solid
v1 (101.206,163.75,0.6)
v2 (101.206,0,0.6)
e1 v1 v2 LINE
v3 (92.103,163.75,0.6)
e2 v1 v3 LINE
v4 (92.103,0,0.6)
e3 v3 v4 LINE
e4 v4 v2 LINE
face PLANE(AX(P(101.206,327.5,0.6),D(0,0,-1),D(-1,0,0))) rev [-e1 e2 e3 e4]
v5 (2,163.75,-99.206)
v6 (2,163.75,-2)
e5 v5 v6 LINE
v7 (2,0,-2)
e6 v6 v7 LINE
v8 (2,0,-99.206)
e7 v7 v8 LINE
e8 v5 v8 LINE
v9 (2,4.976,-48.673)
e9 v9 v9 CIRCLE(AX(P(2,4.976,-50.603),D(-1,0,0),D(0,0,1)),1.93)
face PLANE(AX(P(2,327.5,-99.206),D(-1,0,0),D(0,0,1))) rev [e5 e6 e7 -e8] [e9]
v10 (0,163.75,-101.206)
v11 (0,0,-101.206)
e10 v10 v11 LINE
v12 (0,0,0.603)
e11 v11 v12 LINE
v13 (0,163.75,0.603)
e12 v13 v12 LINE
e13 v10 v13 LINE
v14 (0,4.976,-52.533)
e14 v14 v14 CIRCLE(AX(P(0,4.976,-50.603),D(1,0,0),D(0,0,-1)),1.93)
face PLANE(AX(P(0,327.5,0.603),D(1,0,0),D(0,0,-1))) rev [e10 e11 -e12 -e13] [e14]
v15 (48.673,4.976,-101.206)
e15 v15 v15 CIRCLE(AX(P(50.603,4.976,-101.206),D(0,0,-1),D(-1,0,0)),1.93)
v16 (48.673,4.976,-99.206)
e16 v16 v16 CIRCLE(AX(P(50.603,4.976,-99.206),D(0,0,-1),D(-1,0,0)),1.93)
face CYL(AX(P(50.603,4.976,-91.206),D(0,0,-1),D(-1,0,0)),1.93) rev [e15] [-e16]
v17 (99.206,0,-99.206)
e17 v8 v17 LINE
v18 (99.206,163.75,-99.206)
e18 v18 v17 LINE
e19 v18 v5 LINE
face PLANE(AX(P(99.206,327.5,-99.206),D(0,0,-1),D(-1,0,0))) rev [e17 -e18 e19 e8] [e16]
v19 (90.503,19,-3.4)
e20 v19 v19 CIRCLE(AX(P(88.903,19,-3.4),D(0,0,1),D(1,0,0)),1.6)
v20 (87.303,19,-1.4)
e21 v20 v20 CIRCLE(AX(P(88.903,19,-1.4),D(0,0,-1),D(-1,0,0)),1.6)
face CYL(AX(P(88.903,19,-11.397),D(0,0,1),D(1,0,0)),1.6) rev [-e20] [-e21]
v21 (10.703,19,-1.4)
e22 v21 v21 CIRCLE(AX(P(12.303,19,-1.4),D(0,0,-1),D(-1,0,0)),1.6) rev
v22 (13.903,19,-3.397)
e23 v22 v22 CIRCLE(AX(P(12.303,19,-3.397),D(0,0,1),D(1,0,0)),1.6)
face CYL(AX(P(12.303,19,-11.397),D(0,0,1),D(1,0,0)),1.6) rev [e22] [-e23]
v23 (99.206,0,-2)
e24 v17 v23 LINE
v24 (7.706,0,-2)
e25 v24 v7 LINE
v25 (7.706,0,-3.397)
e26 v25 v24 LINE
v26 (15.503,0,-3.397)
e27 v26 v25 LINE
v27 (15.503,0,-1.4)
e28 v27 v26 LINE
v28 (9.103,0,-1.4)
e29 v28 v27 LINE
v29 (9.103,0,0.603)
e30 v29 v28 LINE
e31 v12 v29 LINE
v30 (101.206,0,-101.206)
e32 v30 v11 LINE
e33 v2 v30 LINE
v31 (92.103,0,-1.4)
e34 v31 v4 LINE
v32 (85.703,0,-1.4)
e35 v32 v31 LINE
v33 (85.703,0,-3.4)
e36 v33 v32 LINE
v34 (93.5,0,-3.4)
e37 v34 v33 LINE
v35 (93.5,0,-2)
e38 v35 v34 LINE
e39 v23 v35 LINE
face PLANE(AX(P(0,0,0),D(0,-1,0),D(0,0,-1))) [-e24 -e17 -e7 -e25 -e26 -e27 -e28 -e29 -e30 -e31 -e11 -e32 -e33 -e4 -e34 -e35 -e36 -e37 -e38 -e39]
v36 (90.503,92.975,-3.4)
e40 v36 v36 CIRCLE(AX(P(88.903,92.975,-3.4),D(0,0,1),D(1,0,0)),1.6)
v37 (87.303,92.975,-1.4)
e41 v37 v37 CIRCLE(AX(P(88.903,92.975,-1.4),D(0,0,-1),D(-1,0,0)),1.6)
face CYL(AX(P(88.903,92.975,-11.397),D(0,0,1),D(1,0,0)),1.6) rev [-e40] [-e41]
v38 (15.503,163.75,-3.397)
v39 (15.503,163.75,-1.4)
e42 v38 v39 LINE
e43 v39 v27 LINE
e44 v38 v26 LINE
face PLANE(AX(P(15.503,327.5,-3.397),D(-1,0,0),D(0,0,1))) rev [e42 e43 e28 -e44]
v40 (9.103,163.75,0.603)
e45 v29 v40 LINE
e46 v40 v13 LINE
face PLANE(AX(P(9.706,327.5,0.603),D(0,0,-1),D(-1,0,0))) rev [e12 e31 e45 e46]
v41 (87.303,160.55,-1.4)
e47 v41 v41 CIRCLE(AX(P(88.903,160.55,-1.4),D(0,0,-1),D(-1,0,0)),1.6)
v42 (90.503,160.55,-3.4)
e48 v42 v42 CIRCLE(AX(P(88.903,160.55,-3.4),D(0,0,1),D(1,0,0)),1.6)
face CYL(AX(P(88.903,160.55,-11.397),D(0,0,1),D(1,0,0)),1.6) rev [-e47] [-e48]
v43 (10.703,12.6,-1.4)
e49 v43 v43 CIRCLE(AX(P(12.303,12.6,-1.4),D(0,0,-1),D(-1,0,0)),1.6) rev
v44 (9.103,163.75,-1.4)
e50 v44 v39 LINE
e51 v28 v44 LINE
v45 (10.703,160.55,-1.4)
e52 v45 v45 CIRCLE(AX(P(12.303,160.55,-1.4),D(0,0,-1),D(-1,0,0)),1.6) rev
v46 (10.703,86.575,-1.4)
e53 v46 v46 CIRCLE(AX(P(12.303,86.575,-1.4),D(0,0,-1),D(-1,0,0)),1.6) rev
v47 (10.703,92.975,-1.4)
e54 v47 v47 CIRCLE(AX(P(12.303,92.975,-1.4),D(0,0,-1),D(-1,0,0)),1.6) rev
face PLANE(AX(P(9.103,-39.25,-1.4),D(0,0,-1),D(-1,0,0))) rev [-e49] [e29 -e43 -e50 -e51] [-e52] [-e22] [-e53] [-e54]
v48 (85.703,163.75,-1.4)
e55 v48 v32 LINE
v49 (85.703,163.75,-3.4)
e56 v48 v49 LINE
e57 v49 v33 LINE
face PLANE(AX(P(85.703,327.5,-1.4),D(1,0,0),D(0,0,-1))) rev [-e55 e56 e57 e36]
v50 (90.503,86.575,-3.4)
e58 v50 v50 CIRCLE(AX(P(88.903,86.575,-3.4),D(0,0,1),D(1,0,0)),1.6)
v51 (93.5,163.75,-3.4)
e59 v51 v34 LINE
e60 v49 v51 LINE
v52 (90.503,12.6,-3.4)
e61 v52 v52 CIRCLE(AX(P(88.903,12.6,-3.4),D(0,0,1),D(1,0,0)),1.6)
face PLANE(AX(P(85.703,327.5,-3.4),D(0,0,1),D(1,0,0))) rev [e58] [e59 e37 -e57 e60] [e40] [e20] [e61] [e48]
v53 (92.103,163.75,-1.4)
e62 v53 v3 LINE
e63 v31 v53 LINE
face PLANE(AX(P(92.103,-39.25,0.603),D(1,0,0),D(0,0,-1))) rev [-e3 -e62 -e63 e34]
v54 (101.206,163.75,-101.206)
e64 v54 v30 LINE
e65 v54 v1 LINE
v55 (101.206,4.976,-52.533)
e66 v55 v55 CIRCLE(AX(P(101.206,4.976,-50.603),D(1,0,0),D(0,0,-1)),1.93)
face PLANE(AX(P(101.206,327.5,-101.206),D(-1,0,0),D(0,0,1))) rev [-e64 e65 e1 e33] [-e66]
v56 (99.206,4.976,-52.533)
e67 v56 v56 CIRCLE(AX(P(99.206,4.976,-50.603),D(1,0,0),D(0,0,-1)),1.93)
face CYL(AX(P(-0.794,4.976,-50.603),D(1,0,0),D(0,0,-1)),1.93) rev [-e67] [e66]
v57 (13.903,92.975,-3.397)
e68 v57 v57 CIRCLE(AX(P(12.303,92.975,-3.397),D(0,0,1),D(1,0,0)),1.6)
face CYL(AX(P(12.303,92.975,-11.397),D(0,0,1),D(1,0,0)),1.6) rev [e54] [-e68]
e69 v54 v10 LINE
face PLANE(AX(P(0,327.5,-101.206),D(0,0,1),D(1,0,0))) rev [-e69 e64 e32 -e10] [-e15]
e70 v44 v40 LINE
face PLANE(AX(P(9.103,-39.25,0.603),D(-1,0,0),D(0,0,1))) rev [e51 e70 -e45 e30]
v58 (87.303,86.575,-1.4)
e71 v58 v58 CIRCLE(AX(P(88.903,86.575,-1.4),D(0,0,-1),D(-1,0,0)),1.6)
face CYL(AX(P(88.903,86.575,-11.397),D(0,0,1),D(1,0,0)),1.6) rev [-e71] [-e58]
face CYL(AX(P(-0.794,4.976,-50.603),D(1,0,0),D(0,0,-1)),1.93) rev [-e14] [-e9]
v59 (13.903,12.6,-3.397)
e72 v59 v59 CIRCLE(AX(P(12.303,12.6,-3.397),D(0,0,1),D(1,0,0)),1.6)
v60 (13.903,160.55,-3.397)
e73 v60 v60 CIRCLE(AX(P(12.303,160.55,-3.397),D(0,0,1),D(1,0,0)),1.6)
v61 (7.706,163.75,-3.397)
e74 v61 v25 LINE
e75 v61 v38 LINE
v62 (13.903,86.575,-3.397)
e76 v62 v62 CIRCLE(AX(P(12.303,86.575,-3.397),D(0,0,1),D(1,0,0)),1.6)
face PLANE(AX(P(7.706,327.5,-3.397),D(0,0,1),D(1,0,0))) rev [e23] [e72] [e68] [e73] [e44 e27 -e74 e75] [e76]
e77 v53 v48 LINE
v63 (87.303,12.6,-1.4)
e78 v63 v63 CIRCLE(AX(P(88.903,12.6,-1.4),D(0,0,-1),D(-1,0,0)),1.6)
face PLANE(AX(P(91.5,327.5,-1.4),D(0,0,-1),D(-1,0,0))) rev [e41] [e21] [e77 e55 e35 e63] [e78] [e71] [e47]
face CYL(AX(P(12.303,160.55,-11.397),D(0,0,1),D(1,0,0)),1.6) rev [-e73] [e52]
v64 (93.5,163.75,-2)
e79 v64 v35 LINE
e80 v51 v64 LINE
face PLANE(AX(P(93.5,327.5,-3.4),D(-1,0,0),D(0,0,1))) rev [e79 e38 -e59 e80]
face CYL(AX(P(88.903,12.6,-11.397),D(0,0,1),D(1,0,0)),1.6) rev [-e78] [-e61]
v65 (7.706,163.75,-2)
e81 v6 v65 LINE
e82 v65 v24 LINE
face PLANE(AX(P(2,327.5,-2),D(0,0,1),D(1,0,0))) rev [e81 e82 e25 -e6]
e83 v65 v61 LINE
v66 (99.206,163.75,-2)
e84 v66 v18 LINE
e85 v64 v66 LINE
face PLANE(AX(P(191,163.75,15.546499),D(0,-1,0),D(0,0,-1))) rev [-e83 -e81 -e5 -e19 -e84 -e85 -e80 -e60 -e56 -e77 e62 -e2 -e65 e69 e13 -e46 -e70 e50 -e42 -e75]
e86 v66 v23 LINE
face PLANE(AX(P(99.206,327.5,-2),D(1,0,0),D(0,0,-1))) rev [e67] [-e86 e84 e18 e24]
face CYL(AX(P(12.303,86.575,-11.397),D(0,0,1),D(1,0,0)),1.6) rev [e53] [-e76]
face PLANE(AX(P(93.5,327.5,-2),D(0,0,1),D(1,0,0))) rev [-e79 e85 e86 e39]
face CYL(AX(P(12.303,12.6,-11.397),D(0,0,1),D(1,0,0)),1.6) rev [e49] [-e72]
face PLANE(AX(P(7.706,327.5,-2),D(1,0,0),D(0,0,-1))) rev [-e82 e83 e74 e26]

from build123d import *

# Parameters (mm, degrees)
BOSS_EXTRUDE1_DEPTH = 327.5
SKETCH2_R           = 1.6
CUT_EXTRUDE2_DEPTH  = 10
SKETCH3_R           = 1.93
CUT_EXTRUDE3_DEPTH  = 102
SKETCH4_R           = 1.93
CUT_EXTRUDE4_DEPTH  = 10
SKETCH5_W           = 116.752499477
SKETCH5_H           = 165.661363519
CUT_EXTRUDE5_DEPTH  = 191
SKETCH6_W           = 83
SKETCH6_H           = 2.003
CUT_EXTRUDE6_DEPTH  = 203


with BuildPart() as part:
    # Sketch1 → Boss-Extrude1 (new body)
    with BuildSketch(Plane(origin=(0, 0, 0), x_dir=(1, 0, 0), z_dir=(0, 1, 0))):
        Polygon((0, -0.603), (0, 101.206), (101.206, 101.206), (101.206, -0.6), (91.5, -0.6), (91.5, 1.4), (85.703, 1.4), (85.703, 3.4), (93.5, 3.4), (93.5, 2), (99.206, 2), (99.206, 99.206), (2, 99.206), (2, 2), (7.706, 2), (7.706, 3.397), (15.503, 3.397), (15.503, 1.397), (9.706, 1.397), (9.706, -0.603), align=None)
    extrude(amount=BOSS_EXTRUDE1_DEPTH)

    # Sketch2 → Cut-Extrude2 (cut)
    with BuildSketch(Plane.XY.offset(-1.397)):
        with Locations((12.303, 314.9)):
            Circle(SKETCH2_R)
        with Locations((12.303, 308.5)):
            Circle(SKETCH2_R)
        with Locations((88.903, 314.9)):
            Circle(SKETCH2_R)
        with Locations((88.903, 308.5)):
            Circle(SKETCH2_R)
        with Locations((12.303, 240.925)):
            Circle(SKETCH2_R)
        with Locations((12.303, 234.525)):
            Circle(SKETCH2_R)
        with Locations((88.903, 240.925)):
            Circle(SKETCH2_R)
        with Locations((88.903, 234.525)):
            Circle(SKETCH2_R)
        with Locations((12.303, 166.95)):
            Circle(SKETCH2_R)
        with Locations((12.303, 160.55)):
            Circle(SKETCH2_R)
        with Locations((88.903, 166.95)):
            Circle(SKETCH2_R)
        with Locations((88.903, 160.55)):
            Circle(SKETCH2_R)
        with Locations((12.303, 92.975)):
            Circle(SKETCH2_R)
        with Locations((12.303, 86.575)):
            Circle(SKETCH2_R)
        with Locations((88.903, 92.975)):
            Circle(SKETCH2_R)
        with Locations((88.903, 86.575)):
            Circle(SKETCH2_R)
        with Locations((12.303, 19)):
            Circle(SKETCH2_R)
        with Locations((12.303, 12.6)):
            Circle(SKETCH2_R)
        with Locations((88.903, 19)):
            Circle(SKETCH2_R)
        with Locations((88.903, 12.6)):
            Circle(SKETCH2_R)
    extrude(amount=-CUT_EXTRUDE2_DEPTH, mode=Mode.SUBTRACT)

    # Sketch3 → Cut-Extrude3 (cut)
    with BuildSketch(Plane(origin=(101.206, 0, 0), x_dir=(0, 0, -1), z_dir=(1, 0, 0))):
        with Locations((50.603, 322.524)):
            Circle(SKETCH3_R)
        with Locations((50.603, 4.976)):
            Circle(SKETCH3_R)
    extrude(amount=-CUT_EXTRUDE3_DEPTH, mode=Mode.SUBTRACT)

    # Sketch4 → Cut-Extrude4 (cut)
    with BuildSketch(Plane(origin=(0, 0, -101.206), x_dir=(-1, 0, 0), z_dir=(0, 0, -1))):
        with Locations((-50.603, 322.524)):
            Circle(SKETCH4_R)
        with Locations((-50.603, 4.976)):
            Circle(SKETCH4_R)
    extrude(amount=-CUT_EXTRUDE4_DEPTH, mode=Mode.SUBTRACT)

    # Sketch5 → Cut-Extrude5 (cut)
    with BuildSketch(Plane.ZY):
        with Locations((-42.829750262, 246.58068176)):
            Rectangle(SKETCH5_W, SKETCH5_H)
    extrude(amount=-CUT_EXTRUDE5_DEPTH, mode=Mode.SUBTRACT)

    # Sketch6 → Cut-Extrude6 (cut)
    with BuildSketch(Plane(origin=(0, 163.75, 0), x_dir=(1, 0, 0), z_dir=(0, 1, 0))):
        with Locations((50.603, 0.3985)):
            Rectangle(SKETCH6_W, SKETCH6_H)
    extrude(amount=-CUT_EXTRUDE6_DEPTH, mode=Mode.SUBTRACT)


solid = part.part
